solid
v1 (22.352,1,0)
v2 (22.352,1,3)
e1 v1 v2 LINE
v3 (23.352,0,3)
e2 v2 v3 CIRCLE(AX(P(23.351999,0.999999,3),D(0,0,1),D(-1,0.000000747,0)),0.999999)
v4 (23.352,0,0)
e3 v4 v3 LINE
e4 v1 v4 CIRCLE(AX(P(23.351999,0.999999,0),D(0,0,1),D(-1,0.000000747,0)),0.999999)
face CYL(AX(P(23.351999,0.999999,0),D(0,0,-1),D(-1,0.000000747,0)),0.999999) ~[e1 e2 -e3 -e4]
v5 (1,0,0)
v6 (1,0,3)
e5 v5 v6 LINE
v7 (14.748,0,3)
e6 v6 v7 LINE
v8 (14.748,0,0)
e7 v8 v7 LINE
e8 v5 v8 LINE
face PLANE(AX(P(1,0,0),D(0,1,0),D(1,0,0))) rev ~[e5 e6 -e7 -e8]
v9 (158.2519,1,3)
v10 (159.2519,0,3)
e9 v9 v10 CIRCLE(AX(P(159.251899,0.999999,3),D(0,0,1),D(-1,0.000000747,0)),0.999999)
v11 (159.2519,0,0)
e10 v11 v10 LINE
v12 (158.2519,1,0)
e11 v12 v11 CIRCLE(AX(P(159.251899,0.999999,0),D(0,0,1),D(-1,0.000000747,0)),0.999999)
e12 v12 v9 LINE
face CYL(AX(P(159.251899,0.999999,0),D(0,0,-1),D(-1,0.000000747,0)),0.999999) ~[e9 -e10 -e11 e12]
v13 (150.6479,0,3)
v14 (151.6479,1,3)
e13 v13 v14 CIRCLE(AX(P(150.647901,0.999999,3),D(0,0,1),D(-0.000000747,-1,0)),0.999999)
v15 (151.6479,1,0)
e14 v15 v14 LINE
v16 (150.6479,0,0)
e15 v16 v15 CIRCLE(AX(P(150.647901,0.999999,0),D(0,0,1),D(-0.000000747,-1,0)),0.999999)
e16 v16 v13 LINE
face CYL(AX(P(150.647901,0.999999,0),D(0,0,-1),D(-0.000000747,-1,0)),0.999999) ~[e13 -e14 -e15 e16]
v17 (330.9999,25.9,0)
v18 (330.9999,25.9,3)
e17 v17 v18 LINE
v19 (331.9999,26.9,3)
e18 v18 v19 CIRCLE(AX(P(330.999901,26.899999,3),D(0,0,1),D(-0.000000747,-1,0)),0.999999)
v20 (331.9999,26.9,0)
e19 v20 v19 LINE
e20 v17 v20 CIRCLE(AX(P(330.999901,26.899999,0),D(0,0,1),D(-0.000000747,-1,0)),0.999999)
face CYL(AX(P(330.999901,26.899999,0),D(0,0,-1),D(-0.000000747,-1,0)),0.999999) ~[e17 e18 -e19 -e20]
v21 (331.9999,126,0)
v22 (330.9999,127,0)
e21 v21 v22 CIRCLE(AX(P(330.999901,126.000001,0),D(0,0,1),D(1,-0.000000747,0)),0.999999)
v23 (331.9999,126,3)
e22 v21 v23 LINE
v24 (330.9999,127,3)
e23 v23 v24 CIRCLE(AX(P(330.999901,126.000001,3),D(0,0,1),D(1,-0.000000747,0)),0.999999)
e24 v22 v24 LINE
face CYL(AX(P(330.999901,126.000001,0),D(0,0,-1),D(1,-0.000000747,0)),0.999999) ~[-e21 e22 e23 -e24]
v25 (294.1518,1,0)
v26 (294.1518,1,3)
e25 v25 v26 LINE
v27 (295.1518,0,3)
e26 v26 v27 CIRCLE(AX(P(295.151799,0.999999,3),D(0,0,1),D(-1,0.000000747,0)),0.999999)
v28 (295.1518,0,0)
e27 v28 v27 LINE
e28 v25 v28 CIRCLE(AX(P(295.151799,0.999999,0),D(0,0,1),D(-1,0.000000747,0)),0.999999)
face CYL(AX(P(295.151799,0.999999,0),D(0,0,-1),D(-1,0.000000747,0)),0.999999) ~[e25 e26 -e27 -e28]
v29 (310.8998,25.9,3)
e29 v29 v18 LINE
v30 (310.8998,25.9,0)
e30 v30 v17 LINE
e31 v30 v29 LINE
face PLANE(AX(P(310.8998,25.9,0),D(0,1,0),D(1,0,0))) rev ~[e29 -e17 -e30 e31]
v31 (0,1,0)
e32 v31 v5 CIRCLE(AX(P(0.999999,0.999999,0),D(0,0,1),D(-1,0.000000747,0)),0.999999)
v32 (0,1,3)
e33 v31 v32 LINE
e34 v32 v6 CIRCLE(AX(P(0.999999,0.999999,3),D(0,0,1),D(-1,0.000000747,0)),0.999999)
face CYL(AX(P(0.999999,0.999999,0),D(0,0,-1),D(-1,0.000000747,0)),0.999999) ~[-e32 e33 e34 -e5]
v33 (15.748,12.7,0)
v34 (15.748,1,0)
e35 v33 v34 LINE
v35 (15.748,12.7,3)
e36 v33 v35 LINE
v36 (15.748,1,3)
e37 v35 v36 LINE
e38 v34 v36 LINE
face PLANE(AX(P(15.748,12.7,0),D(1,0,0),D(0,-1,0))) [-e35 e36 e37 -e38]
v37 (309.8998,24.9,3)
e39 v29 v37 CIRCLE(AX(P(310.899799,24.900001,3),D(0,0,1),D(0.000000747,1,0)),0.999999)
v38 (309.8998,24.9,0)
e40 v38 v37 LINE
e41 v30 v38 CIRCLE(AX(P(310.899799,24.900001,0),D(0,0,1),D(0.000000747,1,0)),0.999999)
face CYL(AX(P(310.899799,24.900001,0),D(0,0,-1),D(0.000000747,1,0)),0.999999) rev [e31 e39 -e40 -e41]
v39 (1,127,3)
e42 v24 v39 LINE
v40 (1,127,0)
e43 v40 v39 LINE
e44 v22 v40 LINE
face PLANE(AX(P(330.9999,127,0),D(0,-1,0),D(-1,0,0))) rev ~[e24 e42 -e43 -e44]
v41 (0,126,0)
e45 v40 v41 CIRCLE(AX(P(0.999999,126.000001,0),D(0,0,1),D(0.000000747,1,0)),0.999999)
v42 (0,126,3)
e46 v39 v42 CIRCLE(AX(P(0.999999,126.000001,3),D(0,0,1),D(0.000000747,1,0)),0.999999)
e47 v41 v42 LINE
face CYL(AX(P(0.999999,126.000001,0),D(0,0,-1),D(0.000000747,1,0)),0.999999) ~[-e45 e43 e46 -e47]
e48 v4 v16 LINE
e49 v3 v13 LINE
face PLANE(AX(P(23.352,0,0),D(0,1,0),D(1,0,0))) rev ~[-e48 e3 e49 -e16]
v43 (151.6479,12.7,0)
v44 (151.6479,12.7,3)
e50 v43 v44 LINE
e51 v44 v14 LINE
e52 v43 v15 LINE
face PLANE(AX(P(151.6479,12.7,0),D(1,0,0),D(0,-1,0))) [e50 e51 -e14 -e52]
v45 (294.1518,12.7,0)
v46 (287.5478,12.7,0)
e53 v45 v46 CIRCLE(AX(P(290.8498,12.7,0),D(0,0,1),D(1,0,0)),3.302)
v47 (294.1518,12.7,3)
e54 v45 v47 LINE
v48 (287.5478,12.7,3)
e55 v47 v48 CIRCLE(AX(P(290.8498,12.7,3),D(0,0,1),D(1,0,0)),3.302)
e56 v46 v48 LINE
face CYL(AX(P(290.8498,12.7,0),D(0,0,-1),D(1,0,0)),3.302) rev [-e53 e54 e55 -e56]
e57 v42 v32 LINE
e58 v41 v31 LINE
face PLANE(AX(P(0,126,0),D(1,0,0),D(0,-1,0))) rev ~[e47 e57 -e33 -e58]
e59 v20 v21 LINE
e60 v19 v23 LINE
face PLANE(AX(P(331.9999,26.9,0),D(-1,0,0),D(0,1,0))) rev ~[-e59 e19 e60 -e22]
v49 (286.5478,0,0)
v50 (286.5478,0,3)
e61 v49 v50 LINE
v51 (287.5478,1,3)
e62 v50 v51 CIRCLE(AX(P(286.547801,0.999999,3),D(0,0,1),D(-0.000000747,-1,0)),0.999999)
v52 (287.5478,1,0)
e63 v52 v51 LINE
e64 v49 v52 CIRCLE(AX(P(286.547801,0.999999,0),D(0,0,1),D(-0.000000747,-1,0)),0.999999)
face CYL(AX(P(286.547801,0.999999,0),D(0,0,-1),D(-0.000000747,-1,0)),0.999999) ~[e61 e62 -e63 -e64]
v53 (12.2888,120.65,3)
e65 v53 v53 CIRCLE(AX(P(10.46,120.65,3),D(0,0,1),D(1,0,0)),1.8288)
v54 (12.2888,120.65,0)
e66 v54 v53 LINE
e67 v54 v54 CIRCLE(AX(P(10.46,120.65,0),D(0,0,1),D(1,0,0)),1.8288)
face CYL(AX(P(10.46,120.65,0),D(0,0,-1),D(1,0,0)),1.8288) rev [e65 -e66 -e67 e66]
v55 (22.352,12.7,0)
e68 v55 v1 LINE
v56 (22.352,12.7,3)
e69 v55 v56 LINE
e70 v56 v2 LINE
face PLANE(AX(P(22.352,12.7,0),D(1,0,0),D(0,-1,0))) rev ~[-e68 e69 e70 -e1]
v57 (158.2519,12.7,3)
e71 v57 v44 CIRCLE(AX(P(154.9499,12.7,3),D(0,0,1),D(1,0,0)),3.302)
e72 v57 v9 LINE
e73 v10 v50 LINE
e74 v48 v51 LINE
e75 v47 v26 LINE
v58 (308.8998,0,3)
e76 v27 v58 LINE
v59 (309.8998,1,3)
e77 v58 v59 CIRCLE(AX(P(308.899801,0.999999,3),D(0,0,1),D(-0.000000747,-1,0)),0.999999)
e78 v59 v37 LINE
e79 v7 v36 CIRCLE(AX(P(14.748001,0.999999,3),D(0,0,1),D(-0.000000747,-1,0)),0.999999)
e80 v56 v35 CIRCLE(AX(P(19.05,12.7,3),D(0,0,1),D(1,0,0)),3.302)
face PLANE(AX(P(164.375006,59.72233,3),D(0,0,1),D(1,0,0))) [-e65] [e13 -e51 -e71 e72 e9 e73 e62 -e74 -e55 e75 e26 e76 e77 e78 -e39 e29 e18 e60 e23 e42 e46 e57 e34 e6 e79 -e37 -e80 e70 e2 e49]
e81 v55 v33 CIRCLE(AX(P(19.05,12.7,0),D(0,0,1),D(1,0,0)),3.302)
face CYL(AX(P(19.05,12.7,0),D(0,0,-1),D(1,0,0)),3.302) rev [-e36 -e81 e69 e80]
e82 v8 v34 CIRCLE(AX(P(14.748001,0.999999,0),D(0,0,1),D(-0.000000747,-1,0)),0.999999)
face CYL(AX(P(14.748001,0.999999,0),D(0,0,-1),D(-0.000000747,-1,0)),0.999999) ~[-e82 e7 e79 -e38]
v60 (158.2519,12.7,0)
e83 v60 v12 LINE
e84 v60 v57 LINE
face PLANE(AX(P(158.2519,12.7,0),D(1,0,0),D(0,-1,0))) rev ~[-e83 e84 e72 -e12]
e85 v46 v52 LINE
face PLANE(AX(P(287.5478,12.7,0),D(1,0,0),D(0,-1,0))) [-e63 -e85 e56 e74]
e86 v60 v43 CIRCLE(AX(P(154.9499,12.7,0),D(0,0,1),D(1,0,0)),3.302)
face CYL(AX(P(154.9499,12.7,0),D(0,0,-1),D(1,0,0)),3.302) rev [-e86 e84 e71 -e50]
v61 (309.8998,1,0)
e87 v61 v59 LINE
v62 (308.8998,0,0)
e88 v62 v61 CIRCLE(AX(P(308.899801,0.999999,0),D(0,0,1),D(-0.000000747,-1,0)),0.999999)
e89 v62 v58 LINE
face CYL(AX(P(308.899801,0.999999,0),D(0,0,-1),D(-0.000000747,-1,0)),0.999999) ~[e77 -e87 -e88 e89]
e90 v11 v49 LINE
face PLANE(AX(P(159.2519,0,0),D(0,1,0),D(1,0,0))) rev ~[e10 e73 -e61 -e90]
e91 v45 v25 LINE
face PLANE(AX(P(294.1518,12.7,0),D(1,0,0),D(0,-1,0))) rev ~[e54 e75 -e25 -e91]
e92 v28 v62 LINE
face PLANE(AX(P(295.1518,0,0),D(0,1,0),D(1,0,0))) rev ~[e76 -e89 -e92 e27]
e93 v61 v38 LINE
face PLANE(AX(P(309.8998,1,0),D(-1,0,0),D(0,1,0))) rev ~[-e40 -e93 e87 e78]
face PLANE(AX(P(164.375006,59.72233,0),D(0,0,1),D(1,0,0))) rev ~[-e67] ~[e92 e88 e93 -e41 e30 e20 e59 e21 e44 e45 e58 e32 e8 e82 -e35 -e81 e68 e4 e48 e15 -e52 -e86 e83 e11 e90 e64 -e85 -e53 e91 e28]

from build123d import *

# Parameters (mm, degrees)
SKETCH_R  = 1.8288
PAD_DEPTH = 3


with BuildPart() as part:
    # Sketch → Pad (new body)
    with BuildSketch(Plane.XY):
        with BuildLine():
            Line((0, 126), (0, 1))
            ThreePointArc((0, 1), (0.292893, 0.292893), (1, 0))
            Line((1, 0), (14.748, 0))
            ThreePointArc((14.748, 0), (15.455107, 0.292893), (15.748, 1))
            Line((15.748, 12.7), (15.748, 1))
            ThreePointArc((22.352, 12.7), (19.05, 16.002), (15.748, 12.7))
            Line((22.352, 12.7), (22.352, 1))
            ThreePointArc((22.352, 1), (22.644893, 0.292893), (23.352, 0))
            Line((23.352, 0), (150.6479, 0))
            ThreePointArc((150.6479, 0), (151.355007, 0.292893), (151.6479, 1))
            Line((151.6479, 12.7), (151.6479, 1))
            ThreePointArc((158.2519, 12.7), (154.9499, 16.002), (151.6479, 12.7))
            Line((158.2519, 12.7), (158.2519, 1))
            ThreePointArc((158.2519, 1), (158.544793, 0.292893), (159.2519, 0))
            Line((159.2519, 0), (286.5478, 0))
            ThreePointArc((286.5478, 0), (287.254907, 0.292893), (287.5478, 1))
            Line((287.5478, 12.7), (287.5478, 1))
            ThreePointArc((294.1518, 12.7), (290.8498, 16.002), (287.5478, 12.7))
            Line((294.1518, 12.7), (294.1518, 1))
            ThreePointArc((294.1518, 1), (294.444693, 0.292893), (295.1518, 0))
            Line((295.1518, 0), (308.8998, 0))
            ThreePointArc((308.8998, 0), (309.606907, 0.292893), (309.8998, 1))
            Line((309.8998, 1), (309.8998, 24.9))
            ThreePointArc((310.8998, 25.9), (310.192693, 25.607107), (309.8998, 24.9))
            Line((310.8998, 25.9), (330.9999, 25.9))
            ThreePointArc((330.9999, 25.9), (331.707007, 26.192893), (331.9999, 26.9))
            Line((331.9999, 26.9), (331.9999, 126))
            ThreePointArc((331.9999, 126), (331.707007, 126.707107), (330.9999, 127))
            Line((330.9999, 127), (1, 127))
            ThreePointArc((1, 127), (0.292893, 126.707107), (0, 126))
        make_face()
        with Locations((10.46, 120.65)):
            Circle(SKETCH_R, mode=Mode.SUBTRACT)
    extrude(amount=PAD_DEPTH)


solid = part.part
